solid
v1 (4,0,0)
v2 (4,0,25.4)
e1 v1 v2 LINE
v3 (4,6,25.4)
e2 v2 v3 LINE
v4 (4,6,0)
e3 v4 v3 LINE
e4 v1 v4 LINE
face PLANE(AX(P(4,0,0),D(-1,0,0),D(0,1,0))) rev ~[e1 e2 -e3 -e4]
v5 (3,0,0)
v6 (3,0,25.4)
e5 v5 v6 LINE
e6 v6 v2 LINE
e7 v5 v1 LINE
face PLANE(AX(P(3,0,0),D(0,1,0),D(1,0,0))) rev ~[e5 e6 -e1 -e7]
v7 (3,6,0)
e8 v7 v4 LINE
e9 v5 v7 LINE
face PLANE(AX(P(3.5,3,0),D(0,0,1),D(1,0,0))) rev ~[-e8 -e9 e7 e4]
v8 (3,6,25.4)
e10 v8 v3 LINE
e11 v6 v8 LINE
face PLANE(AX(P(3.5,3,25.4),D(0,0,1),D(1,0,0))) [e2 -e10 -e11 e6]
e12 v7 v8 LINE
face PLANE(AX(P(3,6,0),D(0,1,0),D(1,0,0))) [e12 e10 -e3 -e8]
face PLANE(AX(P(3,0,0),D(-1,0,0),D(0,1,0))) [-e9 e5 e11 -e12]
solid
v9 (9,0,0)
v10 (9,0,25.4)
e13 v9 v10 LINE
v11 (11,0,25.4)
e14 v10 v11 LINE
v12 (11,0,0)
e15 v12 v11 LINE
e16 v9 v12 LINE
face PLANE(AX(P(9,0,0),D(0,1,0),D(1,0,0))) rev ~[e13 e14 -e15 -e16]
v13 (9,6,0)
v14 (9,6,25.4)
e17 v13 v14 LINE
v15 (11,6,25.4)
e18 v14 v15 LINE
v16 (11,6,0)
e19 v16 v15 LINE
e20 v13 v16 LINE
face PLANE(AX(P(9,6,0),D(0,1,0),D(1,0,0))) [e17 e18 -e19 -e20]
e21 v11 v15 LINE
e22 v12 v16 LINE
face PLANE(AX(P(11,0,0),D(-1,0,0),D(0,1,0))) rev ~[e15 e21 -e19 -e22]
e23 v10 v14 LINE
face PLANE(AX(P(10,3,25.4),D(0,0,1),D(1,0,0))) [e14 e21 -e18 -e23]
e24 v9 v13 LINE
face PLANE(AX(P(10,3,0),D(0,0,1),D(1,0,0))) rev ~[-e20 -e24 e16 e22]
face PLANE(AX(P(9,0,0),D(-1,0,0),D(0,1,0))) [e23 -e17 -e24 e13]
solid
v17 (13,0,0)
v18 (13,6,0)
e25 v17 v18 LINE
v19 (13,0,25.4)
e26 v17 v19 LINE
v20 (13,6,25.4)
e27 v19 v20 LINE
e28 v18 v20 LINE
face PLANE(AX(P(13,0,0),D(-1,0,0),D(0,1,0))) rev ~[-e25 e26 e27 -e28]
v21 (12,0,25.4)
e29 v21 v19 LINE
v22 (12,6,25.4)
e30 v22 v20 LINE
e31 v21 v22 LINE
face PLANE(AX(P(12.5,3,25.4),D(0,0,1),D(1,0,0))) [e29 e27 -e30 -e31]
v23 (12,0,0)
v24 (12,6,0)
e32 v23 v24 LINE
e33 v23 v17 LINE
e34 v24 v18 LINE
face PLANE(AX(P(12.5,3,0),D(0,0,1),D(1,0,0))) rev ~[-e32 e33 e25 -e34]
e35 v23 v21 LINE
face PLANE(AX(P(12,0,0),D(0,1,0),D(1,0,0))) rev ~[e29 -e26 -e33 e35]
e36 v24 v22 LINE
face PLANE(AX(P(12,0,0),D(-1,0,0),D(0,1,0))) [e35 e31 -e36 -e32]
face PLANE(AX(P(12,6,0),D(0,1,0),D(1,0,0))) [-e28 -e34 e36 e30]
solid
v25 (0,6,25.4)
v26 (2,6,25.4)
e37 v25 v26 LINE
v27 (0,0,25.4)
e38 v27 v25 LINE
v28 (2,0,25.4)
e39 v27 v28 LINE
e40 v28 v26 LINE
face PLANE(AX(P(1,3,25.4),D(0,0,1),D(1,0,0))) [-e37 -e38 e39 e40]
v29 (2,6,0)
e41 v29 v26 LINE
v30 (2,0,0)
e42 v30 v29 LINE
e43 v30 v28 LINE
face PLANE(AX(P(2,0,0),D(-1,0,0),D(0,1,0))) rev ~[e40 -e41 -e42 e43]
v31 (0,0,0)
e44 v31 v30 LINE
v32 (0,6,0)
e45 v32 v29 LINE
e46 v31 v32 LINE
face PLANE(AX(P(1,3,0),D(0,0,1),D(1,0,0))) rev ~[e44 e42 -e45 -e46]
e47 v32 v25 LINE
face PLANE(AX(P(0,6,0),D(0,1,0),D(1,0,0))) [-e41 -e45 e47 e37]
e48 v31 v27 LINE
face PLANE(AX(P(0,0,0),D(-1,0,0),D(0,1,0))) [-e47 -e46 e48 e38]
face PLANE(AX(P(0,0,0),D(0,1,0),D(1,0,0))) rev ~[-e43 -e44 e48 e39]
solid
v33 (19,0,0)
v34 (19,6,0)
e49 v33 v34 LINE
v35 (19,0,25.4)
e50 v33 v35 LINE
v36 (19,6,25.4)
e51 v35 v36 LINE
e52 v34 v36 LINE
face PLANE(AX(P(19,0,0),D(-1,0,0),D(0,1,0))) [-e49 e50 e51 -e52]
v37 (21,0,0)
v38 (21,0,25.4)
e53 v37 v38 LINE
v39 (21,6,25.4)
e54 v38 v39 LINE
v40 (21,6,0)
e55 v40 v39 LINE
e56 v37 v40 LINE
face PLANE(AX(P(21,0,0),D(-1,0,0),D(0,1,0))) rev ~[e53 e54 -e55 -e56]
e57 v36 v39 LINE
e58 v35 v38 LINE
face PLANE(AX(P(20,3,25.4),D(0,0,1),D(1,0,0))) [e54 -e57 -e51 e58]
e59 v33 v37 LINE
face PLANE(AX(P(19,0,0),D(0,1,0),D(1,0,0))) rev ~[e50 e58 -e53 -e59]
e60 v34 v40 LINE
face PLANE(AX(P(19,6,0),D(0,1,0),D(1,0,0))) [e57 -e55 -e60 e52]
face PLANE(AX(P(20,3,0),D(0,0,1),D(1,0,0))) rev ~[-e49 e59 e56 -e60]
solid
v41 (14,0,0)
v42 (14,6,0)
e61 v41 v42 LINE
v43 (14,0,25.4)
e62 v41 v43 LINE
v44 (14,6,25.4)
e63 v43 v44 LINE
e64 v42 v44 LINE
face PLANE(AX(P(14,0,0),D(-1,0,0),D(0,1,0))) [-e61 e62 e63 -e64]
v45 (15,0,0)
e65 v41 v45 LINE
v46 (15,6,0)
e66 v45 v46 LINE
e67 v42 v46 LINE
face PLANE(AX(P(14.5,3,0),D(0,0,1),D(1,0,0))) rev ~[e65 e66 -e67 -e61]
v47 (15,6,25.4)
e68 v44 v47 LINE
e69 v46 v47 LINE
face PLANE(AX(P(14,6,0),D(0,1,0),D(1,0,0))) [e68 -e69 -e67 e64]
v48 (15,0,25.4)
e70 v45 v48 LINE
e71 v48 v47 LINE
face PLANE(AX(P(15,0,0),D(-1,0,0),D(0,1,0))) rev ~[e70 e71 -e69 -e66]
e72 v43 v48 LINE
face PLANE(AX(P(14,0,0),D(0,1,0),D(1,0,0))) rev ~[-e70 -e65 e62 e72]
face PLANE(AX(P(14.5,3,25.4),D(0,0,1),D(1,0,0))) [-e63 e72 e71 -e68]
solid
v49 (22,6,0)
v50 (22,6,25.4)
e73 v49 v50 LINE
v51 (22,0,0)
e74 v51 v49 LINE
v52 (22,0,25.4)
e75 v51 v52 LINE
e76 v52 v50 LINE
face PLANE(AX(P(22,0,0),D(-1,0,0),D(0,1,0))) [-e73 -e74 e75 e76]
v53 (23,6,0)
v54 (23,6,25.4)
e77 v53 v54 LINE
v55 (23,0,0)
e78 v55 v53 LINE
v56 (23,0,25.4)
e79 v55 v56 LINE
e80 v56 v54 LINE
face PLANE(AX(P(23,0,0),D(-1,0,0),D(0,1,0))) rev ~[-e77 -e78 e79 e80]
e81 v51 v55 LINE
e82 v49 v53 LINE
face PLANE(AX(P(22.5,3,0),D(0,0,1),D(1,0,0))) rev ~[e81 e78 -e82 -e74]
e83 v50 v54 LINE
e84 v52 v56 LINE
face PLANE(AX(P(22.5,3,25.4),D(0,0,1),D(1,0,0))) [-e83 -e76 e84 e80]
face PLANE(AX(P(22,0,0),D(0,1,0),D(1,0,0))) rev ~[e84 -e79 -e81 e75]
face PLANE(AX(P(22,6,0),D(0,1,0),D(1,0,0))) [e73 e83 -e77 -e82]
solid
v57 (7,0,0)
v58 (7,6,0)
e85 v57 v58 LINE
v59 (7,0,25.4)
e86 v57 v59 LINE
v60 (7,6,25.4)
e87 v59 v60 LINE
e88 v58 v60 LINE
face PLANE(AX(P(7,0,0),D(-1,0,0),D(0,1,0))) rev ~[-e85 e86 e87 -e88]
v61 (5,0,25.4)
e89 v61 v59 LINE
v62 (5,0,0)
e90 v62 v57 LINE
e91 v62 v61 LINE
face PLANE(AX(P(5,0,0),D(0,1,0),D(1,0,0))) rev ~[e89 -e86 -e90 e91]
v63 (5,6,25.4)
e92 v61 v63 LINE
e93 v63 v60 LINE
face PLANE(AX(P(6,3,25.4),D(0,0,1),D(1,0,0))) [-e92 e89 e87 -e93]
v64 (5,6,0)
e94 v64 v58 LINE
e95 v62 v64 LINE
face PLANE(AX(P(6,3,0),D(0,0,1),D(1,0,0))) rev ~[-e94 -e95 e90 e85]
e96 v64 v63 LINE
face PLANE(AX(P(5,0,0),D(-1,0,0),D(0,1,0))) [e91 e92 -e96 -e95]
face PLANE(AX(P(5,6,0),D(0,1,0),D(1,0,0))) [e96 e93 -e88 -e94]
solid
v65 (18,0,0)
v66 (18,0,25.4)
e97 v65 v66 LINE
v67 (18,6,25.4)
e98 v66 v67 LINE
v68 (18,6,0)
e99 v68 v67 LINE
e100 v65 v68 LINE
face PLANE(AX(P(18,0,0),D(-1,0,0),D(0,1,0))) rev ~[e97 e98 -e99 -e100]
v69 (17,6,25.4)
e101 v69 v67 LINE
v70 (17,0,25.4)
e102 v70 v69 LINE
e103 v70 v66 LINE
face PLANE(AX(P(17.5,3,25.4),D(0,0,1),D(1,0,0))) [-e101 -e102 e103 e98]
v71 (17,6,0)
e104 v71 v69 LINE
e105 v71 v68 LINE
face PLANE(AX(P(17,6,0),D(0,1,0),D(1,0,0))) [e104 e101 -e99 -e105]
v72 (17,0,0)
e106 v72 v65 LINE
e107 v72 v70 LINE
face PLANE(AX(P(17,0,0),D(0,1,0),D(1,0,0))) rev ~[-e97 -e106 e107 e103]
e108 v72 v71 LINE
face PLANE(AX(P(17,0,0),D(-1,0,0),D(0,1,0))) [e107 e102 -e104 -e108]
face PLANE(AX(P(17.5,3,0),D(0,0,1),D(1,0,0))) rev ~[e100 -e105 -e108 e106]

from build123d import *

# Parameters (mm, degrees)
F0_W     = 2
F0_H     = 6
F0_W_2   = 1
F1_DEPTH = 25.4


with BuildPart() as f1:
    # F0 (on Top) → F1 (new body)
    with BuildSketch(Plane.XY):
        with Locations((1, 3)):
            Rectangle(F0_W, F0_H)
        with Locations((3.5, 3)):
            Rectangle(F0_W_2, F0_H)
        with Locations((6, 3)):
            Rectangle(F0_W, F0_H)
        with Locations((10, 3)):
            Rectangle(F0_W, F0_H)
        with Locations((12.5, 3)):
            Rectangle(F0_W_2, F0_H)
        with Locations((14.5, 3)):
            Rectangle(F0_W_2, F0_H)
        with Locations((17.5, 3)):
            Rectangle(F0_W_2, F0_H)
        with Locations((20, 3)):
            Rectangle(F0_W, F0_H)
        with Locations((22.5, 3)):
            Rectangle(F0_W_2, F0_H)
    extrude(amount=F1_DEPTH)


solid = f1.part
